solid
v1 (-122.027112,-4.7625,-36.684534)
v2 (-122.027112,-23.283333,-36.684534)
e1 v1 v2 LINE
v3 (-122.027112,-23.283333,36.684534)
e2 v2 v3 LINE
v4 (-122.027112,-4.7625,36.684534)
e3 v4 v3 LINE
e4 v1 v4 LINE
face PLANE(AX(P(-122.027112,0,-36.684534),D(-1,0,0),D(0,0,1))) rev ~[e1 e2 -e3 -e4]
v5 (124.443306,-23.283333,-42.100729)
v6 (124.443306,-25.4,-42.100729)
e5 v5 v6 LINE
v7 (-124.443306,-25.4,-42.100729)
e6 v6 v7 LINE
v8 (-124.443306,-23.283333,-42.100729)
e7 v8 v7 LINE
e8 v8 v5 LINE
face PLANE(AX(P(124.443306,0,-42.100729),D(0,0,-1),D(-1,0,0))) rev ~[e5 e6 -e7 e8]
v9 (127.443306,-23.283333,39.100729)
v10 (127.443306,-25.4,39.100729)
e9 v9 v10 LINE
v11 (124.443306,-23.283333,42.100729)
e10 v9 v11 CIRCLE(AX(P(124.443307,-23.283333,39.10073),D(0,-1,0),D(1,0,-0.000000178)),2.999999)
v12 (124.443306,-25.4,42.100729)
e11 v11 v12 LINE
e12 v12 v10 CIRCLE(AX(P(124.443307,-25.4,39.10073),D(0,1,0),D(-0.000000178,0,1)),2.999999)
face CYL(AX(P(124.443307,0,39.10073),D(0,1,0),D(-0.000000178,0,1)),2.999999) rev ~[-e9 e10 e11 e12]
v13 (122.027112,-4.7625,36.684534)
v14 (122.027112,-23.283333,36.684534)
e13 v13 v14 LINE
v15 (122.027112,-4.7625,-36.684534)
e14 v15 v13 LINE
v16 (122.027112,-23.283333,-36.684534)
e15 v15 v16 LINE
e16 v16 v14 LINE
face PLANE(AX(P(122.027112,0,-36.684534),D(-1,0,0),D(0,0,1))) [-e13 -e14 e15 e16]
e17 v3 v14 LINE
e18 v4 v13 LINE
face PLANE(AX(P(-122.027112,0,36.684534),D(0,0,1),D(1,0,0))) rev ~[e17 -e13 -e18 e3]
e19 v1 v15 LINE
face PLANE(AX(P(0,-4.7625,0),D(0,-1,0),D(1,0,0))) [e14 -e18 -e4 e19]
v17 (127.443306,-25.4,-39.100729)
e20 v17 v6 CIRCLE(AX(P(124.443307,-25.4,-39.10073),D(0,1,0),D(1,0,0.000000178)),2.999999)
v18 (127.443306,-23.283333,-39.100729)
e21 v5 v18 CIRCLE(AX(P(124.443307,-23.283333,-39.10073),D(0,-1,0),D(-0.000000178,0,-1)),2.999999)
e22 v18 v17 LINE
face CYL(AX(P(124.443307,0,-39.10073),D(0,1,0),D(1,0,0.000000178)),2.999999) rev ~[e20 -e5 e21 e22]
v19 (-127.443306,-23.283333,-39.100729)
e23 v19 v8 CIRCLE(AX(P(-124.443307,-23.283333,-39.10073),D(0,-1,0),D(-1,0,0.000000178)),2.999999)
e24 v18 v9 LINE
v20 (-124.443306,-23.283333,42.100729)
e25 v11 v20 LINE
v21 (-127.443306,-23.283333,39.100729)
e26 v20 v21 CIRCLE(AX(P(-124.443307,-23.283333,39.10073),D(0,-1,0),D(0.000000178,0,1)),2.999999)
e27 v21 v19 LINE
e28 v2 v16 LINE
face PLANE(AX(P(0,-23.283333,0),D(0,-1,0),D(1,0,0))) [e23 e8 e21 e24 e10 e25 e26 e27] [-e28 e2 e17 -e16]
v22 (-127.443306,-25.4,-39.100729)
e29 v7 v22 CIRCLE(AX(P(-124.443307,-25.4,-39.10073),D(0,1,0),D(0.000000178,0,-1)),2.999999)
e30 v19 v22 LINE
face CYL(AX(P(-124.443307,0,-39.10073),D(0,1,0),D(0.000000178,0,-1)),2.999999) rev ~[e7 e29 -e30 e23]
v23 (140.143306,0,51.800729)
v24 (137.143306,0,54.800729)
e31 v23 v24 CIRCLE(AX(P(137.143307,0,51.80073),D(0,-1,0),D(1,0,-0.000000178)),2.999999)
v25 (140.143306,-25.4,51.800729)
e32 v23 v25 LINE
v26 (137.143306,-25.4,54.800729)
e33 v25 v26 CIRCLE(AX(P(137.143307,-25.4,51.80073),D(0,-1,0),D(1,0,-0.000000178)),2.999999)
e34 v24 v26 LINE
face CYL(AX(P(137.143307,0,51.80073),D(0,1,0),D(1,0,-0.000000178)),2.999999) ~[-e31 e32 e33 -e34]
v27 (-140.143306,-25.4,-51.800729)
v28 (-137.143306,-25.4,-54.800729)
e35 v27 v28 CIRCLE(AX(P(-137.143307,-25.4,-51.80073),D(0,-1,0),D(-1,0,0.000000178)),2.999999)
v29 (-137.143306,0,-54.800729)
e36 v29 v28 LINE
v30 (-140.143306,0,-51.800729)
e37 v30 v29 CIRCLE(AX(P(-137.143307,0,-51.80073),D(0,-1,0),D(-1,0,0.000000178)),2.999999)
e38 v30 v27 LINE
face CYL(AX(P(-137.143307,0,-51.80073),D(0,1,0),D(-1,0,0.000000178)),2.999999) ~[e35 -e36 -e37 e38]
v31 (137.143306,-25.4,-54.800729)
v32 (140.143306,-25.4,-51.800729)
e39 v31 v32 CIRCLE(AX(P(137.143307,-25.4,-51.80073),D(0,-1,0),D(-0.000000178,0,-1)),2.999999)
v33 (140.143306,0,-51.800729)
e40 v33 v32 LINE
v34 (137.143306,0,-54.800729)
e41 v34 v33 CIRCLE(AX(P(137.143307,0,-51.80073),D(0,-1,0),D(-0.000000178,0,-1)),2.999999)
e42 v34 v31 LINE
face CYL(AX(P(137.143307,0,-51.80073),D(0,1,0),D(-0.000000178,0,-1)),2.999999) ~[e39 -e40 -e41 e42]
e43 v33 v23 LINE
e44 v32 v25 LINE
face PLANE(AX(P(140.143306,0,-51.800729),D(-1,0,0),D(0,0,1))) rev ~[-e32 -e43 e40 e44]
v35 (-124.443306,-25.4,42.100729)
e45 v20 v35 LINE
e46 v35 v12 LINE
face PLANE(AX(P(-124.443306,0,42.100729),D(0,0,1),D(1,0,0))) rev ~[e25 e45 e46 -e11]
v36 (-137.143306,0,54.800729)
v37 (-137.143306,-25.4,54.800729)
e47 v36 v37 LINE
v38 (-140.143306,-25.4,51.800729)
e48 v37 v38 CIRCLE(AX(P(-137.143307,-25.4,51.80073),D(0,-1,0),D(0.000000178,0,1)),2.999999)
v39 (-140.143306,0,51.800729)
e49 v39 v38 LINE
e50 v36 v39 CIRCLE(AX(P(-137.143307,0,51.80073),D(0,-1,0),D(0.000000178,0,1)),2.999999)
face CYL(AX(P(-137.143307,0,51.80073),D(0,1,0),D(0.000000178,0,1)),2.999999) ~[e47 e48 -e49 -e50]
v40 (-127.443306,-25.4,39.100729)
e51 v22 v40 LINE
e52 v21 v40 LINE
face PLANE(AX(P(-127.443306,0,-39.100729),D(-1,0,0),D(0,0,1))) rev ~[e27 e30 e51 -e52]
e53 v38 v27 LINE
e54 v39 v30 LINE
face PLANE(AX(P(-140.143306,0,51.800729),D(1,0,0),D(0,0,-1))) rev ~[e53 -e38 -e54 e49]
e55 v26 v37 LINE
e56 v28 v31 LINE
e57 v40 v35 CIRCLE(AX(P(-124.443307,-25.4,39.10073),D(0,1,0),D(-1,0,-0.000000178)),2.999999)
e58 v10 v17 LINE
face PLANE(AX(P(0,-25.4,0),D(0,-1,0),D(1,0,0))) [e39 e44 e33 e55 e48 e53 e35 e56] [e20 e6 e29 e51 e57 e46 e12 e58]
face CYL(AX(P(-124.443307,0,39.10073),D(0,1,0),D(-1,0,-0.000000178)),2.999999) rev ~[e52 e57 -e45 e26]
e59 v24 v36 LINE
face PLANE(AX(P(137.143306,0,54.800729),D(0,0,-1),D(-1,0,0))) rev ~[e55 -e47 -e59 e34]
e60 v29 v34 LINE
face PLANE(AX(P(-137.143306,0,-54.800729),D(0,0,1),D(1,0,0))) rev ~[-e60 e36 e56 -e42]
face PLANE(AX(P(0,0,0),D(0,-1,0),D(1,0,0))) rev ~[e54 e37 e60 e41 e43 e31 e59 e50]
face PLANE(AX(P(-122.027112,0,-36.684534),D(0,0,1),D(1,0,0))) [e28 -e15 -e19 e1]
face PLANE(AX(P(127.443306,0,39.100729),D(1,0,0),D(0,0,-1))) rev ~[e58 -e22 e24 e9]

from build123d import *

# Parameters (mm, degrees)
F1_DEPTH = 25.4
F0_W     = 244.054224
F0_H     = 73.369068
F2_DEPTH = 23.283333
F3_DEPTH = 4.7625


with BuildPart() as f1:
    # F0 (on Front) → F1 (new body)
    with BuildSketch(Plane.XZ):
        with BuildLine():
            Line((137.143306, 54.800729), (-137.143306, 54.800729))
            ThreePointArc((-137.143306, 54.800729), (-139.264627, 53.922049), (-140.143306, 51.800729))
            Line((-140.143306, 51.800729), (-140.143306, -51.800729))
            ThreePointArc((-140.143306, -51.800729), (-139.264627, -53.922049), (-137.143306, -54.800729))
            Line((-137.143306, -54.800729), (137.143306, -54.800729))
            ThreePointArc((137.143306, -54.800729), (139.264627, -53.922049), (140.143306, -51.800729))
            Line((140.143306, -51.800729), (140.143306, 51.800729))
            ThreePointArc((140.143306, 51.800729), (139.264627, 53.922049), (137.143306, 54.800729))
        make_face()
        with BuildLine():
            ThreePointArc((-127.443306, 39.100729), (-126.564627, 41.222049), (-124.443306, 42.100729))
            Line((-124.443306, 42.100729), (124.443306, 42.100729))
            ThreePointArc((124.443306, 42.100729), (126.564627, 41.222049), (127.443306, 39.100729))
            Line((127.443306, 39.100729), (127.443306, -39.100729))
            ThreePointArc((127.443306, -39.100729), (126.564627, -41.222049), (124.443306, -42.100729))
            Line((124.443306, -42.100729), (-124.443306, -42.100729))
            ThreePointArc((-124.443306, -42.100729), (-126.564627, -41.222049), (-127.443306, -39.100729))
            Line((-127.443306, -39.100729), (-127.443306, 39.100729))
        make_face(mode=Mode.SUBTRACT)
    extrude(amount=F1_DEPTH)

    # F0 (on Front) → F2 (join)
    with BuildSketch(Plane.XZ):
        with BuildLine():
            Line((124.443306, 42.100729), (-124.443306, 42.100729))
            ThreePointArc((-124.443306, 42.100729), (-126.564627, 41.222049), (-127.443306, 39.100729))
            Line((-127.443306, 39.100729), (-127.443306, -39.100729))
            ThreePointArc((-127.443306, -39.100729), (-126.564627, -41.222049), (-124.443306, -42.100729))
            Line((-124.443306, -42.100729), (124.443306, -42.100729))
            ThreePointArc((124.443306, -42.100729), (126.564627, -41.222049), (127.443306, -39.100729))
            Line((127.443306, -39.100729), (127.443306, 39.100729))
            ThreePointArc((127.443306, 39.100729), (126.564627, 41.222049), (124.443306, 42.100729))
        make_face()
        Rectangle(F0_W, F0_H, mode=Mode.SUBTRACT)
    extrude(amount=F2_DEPTH)

    # F0 (on Front) → F3 (join)
    with BuildSketch(Plane.XZ):
        Rectangle(F0_W, F0_H)
    extrude(amount=F3_DEPTH)


solid = f1.part
